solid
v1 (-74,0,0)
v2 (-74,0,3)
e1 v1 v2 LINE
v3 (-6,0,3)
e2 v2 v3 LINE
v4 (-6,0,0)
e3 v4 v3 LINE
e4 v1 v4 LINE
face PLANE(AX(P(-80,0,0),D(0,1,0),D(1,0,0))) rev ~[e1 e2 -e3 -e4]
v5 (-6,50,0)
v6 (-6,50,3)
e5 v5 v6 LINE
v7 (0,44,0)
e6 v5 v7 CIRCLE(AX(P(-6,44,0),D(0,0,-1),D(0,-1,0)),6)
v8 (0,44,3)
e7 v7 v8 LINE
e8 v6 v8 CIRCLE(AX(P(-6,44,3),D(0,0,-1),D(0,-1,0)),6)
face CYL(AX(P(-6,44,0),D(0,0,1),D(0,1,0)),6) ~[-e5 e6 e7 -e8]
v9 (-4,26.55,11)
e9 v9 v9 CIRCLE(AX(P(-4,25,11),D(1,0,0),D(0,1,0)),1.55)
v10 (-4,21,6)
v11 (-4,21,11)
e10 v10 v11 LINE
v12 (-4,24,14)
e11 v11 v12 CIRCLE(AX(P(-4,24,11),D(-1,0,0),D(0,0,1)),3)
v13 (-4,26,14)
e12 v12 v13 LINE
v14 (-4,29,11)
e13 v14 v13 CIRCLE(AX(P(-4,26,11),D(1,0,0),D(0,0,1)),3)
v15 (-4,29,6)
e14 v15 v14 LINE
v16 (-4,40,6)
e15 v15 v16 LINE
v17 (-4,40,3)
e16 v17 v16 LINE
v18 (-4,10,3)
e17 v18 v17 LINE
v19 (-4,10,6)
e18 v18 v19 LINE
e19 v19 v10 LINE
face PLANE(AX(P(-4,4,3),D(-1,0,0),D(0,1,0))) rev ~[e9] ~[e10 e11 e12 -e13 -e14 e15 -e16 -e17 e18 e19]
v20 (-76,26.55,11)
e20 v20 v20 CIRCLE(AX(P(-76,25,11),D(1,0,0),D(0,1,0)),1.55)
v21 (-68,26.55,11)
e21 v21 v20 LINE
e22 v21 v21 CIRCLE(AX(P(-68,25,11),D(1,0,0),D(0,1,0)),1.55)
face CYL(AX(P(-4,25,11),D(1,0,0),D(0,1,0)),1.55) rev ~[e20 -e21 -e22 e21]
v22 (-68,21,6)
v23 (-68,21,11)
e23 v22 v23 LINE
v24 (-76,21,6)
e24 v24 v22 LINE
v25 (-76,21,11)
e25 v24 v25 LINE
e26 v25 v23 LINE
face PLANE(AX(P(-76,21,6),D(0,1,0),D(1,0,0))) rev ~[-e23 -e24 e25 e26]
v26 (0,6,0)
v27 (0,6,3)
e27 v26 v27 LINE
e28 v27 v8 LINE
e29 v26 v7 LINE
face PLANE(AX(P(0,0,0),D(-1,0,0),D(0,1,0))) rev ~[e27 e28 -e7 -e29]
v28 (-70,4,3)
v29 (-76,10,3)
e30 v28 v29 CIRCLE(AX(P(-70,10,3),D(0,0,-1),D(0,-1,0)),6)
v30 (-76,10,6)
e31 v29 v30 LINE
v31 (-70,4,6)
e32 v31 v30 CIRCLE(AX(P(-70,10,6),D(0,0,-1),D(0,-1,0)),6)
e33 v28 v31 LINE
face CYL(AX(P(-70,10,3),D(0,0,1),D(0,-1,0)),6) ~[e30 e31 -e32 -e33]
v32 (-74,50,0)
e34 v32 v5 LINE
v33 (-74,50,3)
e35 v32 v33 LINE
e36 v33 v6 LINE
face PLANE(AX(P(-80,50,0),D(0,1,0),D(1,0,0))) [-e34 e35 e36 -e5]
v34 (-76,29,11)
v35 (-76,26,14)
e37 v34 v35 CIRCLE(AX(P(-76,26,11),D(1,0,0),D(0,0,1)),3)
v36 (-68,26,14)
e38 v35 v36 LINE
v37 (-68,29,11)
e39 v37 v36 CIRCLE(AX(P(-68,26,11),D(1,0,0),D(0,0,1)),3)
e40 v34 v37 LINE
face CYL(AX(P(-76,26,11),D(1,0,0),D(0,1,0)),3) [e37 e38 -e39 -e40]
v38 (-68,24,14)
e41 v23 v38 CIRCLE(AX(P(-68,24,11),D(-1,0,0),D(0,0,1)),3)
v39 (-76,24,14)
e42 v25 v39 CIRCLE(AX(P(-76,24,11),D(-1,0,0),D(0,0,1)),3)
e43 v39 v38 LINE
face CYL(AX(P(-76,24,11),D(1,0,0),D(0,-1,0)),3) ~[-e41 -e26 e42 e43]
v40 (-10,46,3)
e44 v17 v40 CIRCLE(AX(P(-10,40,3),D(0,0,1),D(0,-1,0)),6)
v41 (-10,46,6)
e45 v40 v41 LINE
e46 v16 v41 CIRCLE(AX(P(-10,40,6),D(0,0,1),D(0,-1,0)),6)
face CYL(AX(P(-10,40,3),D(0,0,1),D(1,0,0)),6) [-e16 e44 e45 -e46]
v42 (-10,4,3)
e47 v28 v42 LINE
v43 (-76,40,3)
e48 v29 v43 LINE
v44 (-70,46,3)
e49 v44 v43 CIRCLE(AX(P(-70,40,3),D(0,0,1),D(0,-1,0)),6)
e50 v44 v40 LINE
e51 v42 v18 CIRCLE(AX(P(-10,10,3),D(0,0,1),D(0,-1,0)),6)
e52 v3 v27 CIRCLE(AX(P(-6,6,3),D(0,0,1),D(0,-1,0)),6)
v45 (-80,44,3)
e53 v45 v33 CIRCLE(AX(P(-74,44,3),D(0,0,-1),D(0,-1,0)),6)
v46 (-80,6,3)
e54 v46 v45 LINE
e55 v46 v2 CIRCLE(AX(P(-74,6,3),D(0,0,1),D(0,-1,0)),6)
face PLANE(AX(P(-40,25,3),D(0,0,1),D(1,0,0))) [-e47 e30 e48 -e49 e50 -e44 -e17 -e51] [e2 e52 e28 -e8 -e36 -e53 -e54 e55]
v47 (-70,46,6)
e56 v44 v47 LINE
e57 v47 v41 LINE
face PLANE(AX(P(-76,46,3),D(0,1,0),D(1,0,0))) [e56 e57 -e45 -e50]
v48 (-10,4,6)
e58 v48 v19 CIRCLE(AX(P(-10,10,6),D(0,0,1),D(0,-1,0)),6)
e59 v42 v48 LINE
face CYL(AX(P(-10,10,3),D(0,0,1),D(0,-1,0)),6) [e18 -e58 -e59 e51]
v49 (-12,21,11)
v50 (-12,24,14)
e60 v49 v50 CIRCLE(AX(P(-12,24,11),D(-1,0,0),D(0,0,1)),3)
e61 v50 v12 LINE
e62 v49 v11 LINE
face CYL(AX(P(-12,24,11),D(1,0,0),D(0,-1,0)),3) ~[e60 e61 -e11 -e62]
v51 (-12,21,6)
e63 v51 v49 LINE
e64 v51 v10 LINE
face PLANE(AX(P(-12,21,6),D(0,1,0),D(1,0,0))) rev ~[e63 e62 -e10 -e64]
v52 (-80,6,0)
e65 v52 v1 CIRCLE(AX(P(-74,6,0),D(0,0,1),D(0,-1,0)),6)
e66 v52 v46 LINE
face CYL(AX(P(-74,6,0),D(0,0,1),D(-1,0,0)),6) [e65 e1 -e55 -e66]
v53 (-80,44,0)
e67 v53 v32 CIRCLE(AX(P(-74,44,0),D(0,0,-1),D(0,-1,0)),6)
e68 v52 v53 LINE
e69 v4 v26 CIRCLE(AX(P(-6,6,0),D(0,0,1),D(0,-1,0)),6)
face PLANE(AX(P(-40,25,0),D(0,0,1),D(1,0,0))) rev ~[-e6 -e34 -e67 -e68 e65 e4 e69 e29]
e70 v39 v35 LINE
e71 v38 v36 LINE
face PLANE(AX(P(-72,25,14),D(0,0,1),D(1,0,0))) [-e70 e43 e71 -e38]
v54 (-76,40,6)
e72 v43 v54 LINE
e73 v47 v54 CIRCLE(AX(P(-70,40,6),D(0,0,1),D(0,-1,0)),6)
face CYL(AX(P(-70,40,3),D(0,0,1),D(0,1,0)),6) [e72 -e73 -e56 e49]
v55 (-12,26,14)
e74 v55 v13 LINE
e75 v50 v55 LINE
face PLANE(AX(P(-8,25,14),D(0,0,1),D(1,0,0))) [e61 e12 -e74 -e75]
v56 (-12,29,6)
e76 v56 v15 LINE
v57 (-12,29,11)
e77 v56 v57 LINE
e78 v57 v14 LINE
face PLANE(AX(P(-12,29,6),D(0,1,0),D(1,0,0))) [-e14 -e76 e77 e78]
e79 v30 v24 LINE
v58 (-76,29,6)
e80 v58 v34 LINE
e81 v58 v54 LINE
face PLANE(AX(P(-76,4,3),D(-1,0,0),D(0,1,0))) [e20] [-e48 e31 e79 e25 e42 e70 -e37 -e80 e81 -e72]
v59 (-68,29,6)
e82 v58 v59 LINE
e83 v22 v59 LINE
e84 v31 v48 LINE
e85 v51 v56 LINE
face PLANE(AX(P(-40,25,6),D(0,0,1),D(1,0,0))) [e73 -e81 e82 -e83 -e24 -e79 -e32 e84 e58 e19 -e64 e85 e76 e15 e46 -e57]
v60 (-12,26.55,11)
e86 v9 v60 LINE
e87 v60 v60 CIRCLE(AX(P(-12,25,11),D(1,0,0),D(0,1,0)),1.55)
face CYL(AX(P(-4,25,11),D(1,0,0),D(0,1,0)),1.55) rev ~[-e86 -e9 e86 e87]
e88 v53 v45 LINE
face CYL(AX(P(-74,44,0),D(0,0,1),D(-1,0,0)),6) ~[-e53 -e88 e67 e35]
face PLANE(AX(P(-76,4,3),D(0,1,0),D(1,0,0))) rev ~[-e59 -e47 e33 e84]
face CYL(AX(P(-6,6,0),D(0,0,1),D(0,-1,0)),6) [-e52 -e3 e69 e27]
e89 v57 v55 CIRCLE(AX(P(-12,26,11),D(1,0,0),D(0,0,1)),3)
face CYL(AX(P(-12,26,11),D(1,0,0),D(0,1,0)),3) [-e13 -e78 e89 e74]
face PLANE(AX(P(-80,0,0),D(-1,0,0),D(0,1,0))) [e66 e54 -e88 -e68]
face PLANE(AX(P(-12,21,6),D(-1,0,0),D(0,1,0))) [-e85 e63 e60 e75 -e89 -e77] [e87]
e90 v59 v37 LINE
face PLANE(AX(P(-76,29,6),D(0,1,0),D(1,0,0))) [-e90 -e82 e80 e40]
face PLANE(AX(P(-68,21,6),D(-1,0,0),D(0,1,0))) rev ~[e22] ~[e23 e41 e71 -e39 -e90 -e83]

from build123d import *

# Parameters (mm, degrees)
SKETCH_W     = 80
SKETCH_H     = 50
PAD_DEPTH    = 3
SKETCH001_W  = 72
SKETCH001_H  = 42
PAD001_DEPTH = 3
FILLET_R     = 6
SKETCH002_W  = 8
SKETCH002_H  = 8
PAD002_DEPTH = 8
FILLET001_R  = 3
SKETCH003_R  = 1.55
POCKET_DEPTH = 76.001


with BuildPart() as part:
    # Sketch → Pad (new body)
    with BuildSketch(Plane.XY):
        with Locations((-40, 25)):
            Rectangle(SKETCH_W, SKETCH_H)
    extrude(amount=PAD_DEPTH)

    # Sketch001 (on Face6 of Pad) → Pad001 (join)
    with BuildSketch(Plane.XY.offset(3)):
        with Locations((-40, 25)):
            Rectangle(SKETCH001_W, SKETCH001_H)
    extrude(amount=PAD001_DEPTH)

    # Fillet
    fillet_edges = [part.edges().sort_by_distance(p)[0] for p in [
        (-80, 0, 1.5),
        (-76, 4, 4.5),
        (-4, 4, 4.5),
        (0, 0, 1.5),
        (0, 50, 1.5),
        (-4, 46, 4.5),
        (-76, 46, 4.5),
        (-80, 50, 1.5),
    ]]
    fillet(fillet_edges, radius=FILLET_R)

    # Sketch002 (on Face19 of Fillet) → Pad002 (join)
    with BuildSketch(Plane.XY.offset(6)):
        with Locations((-72, 25)):
            Rectangle(SKETCH002_W, SKETCH002_H)
        with Locations((-8, 25)):
            Rectangle(SKETCH002_W, SKETCH002_H)
    extrude(amount=PAD002_DEPTH)

    # Fillet001
    fillet001_edges = [part.edges().sort_by_distance(p)[0] for p in [
        (-8, 21, 14),
        (-8, 29, 14),
        (-72, 21, 14),
        (-72, 29, 14),
    ]]
    fillet(fillet001_edges, radius=FILLET001_R)

    # Sketch003 (on Face29 of Fillet001) → Pocket (cut, through all)
    with BuildSketch(Plane.YZ.offset(-4)):
        with Locations((25, 11)):
            Circle(SKETCH003_R)
    extrude(amount=-POCKET_DEPTH, mode=Mode.SUBTRACT)


solid = part.part
